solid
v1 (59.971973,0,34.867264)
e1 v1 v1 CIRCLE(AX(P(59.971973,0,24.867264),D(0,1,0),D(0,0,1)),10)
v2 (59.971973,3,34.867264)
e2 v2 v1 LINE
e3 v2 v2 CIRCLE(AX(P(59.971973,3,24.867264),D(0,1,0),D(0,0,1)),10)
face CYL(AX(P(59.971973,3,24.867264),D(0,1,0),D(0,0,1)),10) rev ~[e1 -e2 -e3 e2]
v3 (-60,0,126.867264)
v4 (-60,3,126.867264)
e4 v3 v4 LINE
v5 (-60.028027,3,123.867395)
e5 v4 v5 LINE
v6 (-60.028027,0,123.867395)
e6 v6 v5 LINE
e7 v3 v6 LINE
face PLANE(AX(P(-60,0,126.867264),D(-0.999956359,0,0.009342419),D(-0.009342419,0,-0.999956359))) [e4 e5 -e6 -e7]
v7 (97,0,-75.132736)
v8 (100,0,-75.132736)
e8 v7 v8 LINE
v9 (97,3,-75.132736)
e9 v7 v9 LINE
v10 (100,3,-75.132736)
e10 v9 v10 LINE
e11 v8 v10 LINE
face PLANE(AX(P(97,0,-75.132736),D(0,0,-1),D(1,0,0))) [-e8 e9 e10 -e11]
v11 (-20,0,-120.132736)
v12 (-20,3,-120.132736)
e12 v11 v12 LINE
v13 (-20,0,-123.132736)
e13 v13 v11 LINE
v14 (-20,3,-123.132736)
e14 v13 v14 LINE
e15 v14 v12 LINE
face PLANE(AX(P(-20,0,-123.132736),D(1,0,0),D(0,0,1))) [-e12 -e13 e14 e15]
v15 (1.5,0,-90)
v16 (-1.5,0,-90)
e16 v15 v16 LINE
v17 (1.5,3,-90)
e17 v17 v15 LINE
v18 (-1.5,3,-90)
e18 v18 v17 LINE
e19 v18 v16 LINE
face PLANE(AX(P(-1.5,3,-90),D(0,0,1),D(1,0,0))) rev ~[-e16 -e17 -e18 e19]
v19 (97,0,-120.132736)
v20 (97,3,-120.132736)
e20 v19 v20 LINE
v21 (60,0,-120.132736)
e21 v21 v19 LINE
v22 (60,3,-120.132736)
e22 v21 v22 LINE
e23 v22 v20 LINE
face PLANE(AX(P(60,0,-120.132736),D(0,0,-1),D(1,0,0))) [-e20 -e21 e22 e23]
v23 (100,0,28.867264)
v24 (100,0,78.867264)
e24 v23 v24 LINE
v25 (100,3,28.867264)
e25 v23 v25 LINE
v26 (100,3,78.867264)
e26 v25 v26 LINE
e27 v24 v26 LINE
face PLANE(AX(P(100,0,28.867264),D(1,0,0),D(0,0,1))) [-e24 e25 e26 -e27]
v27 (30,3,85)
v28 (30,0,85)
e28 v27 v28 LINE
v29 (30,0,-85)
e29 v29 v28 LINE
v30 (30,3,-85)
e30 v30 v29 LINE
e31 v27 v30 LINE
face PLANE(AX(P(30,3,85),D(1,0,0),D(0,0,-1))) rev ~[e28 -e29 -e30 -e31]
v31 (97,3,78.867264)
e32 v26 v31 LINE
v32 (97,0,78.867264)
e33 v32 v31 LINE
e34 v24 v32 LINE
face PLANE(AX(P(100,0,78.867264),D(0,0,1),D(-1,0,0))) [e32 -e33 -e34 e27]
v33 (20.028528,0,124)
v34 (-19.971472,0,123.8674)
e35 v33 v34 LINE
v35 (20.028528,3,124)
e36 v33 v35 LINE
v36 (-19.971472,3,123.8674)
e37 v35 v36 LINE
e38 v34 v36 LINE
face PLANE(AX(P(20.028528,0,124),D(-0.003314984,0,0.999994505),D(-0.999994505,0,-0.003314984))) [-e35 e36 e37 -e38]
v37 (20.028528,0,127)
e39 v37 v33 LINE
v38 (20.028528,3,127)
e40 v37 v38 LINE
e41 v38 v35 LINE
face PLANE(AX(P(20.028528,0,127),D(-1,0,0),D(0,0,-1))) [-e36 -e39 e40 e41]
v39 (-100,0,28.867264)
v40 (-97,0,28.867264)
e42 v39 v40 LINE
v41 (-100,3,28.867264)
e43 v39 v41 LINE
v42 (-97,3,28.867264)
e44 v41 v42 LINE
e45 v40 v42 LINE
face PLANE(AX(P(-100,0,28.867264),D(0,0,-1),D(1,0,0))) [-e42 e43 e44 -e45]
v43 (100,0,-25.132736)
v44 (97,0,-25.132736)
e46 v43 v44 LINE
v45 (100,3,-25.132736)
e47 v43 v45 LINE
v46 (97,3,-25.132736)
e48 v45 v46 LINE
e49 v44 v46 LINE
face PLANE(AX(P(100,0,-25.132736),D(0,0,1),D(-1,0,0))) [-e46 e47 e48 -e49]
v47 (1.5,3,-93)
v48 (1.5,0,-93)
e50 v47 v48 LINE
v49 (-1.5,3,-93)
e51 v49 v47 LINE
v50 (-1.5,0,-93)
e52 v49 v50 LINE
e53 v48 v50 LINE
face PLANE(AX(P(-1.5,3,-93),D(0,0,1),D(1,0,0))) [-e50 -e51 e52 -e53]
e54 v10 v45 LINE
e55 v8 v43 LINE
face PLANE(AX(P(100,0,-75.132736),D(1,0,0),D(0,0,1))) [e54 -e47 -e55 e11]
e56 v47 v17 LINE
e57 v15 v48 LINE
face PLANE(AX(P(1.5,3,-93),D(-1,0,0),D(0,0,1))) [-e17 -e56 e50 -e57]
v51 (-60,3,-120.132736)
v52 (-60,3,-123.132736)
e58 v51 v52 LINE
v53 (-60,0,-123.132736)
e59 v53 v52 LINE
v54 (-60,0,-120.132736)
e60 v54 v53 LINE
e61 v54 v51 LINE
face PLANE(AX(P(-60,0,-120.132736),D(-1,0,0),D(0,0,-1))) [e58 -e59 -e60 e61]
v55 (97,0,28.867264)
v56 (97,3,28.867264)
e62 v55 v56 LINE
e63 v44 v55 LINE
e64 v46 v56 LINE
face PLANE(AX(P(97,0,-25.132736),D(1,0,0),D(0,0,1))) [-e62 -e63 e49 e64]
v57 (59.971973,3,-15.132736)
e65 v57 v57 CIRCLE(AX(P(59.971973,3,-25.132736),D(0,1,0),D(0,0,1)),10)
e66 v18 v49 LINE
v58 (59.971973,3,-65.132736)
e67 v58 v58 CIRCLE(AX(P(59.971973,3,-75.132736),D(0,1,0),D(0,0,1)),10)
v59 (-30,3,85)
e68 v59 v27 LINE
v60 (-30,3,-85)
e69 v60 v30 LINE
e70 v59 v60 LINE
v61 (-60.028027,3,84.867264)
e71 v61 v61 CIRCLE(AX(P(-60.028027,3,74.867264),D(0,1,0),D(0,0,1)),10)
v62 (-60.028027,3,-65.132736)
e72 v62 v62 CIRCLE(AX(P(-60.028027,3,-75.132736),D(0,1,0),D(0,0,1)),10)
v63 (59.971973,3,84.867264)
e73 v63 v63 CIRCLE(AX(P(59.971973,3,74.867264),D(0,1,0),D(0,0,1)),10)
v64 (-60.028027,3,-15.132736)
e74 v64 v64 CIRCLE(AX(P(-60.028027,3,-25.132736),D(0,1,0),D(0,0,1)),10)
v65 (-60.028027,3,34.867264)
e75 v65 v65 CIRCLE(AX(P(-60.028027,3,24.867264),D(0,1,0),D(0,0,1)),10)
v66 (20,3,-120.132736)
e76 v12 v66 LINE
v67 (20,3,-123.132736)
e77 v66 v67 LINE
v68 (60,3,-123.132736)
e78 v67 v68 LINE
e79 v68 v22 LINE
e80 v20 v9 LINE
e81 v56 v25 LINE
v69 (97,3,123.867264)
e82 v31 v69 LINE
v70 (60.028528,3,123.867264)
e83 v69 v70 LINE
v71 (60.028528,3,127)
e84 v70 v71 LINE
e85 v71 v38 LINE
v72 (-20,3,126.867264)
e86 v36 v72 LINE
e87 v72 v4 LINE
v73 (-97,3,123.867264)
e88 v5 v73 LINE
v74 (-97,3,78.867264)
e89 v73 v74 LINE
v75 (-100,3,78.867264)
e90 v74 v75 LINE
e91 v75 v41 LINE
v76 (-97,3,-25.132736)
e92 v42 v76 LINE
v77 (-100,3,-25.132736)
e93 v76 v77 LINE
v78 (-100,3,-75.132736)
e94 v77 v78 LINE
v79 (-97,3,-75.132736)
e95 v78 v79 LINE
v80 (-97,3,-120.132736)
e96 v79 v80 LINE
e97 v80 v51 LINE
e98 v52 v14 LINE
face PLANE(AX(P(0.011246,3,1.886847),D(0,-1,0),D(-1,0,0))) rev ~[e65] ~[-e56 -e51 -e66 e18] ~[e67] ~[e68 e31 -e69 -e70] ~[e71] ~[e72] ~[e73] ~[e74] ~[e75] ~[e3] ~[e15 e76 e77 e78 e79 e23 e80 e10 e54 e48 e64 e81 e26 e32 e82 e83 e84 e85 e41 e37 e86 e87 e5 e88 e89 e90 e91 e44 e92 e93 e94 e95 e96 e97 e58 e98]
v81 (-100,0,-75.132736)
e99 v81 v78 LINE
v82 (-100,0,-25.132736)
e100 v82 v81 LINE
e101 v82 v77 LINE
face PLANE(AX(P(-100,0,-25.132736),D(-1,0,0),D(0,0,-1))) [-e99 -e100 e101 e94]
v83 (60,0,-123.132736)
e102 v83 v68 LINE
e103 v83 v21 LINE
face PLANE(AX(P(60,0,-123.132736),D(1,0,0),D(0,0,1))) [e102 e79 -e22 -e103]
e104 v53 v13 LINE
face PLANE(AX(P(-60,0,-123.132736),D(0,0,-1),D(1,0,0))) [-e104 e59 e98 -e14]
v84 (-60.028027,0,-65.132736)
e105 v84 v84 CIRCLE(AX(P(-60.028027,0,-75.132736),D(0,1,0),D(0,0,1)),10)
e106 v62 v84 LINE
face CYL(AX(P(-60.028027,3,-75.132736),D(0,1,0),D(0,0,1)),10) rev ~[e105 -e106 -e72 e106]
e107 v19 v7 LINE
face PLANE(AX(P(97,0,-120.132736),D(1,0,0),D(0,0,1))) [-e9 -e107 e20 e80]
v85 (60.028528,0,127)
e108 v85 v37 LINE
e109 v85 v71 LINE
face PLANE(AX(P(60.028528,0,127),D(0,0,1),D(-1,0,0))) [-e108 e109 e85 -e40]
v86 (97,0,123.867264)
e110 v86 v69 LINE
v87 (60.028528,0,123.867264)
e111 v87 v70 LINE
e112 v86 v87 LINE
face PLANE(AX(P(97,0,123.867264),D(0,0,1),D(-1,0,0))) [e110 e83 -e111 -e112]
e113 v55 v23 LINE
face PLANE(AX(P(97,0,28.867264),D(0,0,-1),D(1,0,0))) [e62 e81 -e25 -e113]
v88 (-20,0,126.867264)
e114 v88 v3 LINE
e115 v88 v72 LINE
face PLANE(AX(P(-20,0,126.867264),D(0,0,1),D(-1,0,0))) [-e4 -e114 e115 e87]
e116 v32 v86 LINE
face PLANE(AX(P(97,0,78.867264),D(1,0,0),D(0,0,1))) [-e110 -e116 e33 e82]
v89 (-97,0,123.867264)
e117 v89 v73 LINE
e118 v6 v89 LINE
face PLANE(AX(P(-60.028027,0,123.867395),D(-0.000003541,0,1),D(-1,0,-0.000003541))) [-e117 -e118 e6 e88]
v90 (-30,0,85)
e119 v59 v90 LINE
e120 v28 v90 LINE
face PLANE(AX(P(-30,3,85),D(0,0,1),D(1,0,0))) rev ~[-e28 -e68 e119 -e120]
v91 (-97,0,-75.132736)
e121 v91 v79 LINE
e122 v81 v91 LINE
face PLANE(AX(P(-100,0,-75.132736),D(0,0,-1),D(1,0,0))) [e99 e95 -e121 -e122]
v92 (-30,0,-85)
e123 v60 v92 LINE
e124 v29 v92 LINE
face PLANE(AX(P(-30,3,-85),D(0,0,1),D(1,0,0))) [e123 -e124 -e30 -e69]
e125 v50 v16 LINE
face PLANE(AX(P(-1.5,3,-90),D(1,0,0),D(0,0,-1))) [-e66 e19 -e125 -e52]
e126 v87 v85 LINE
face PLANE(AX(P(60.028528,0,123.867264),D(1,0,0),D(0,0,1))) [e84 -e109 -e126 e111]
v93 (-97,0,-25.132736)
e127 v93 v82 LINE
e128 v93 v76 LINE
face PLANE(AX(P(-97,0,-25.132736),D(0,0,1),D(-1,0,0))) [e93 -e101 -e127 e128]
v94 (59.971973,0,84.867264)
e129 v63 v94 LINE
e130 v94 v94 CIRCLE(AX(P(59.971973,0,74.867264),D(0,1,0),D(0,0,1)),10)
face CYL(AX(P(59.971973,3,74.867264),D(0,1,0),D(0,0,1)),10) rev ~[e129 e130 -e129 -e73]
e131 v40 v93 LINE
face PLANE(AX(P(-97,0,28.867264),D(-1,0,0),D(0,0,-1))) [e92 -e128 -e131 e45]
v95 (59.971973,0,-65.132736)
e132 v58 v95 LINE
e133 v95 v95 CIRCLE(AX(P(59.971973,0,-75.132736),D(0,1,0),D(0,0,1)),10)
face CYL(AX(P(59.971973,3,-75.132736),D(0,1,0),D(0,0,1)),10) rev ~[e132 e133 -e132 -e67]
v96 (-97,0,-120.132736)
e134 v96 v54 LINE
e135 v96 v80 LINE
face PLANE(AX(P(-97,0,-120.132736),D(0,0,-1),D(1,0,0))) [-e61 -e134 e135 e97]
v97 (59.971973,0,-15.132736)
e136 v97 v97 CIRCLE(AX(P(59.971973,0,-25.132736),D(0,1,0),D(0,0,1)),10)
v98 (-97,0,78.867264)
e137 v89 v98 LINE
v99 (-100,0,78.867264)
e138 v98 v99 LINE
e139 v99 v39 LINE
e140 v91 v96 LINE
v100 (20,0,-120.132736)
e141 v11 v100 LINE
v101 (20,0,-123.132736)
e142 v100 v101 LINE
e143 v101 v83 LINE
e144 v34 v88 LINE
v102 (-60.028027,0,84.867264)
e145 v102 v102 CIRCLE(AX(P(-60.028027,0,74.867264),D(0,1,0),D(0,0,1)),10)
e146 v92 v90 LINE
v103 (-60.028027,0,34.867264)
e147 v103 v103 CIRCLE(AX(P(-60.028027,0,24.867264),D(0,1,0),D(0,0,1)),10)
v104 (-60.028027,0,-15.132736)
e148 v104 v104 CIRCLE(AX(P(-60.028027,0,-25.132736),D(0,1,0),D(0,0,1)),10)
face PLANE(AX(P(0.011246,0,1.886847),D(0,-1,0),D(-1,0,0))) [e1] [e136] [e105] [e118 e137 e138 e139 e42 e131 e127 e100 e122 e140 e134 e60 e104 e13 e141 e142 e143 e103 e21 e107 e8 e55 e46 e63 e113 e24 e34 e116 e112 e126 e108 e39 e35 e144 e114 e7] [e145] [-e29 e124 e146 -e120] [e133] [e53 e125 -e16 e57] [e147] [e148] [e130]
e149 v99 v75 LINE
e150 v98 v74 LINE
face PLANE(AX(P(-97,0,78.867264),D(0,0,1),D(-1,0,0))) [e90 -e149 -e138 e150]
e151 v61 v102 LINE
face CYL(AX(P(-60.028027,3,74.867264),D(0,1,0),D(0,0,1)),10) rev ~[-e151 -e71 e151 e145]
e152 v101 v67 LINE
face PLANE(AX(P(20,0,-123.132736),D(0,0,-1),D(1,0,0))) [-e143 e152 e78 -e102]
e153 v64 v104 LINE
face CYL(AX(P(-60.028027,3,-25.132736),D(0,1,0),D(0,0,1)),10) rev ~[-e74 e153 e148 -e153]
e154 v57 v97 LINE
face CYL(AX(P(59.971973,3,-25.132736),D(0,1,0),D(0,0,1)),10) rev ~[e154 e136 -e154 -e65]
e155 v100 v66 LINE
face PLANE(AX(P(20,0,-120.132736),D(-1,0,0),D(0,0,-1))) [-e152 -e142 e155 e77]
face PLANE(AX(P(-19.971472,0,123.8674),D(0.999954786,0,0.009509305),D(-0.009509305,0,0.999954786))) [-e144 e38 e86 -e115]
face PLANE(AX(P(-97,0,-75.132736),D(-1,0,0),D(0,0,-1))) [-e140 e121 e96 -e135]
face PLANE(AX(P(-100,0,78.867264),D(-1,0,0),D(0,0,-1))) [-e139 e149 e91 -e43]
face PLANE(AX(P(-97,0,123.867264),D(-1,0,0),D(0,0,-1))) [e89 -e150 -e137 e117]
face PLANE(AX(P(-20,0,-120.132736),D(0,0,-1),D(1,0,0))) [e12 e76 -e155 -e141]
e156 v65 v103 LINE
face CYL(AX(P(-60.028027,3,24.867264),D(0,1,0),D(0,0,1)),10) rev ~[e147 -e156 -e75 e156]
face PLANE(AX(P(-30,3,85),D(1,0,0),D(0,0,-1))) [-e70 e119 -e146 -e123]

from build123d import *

# Parameters (mm, degrees)
BOSS_EXTRUDE1_DEPTH = 3
SKETCH2_R           = 10
SKETCH2_W           = 60
SKETCH2_H           = 170
CUT_EXTRUDE1_DEPTH  = 162.672508486


with BuildPart() as part:
    # Sketch1 → Boss-Extrude1 (new body)
    with BuildSketch(Plane(origin=(0, 0, 0), x_dir=(1, 0, 0), z_dir=(0, 1, 0))):
        Polygon((20, 123.132735738), (60, 123.132735738), (60, 120.132735738), (97, 120.132735738), (97, 75.132735738), (100, 75.132735738), (100, 25.132735738), (97, 25.132735738), (97, -28.867264262), (100, -28.867264262), (100, -78.867264262), (97, -78.867264262), (97, -123.867264262), (60.028527915, -123.867264262), (60.028527915, -127), (20.028527915, -127), (20.028527915, -124), (-19.971472085, -123.867399906), (-20, -126.867264262), (-60, -126.867264262), (-60.028027258, -123.867395186), (-97, -123.867264262), (-97, -78.867264262), (-100, -78.867264262), (-100, -28.867264262), (-97, -28.867264262), (-97, 25.132735738), (-100, 25.132735738), (-100, 75.132735738), (-97, 75.132735738), (-97, 120.132735738), (-60, 120.132735738), (-60, 123.132735738), (-20, 123.132735738), (-20, 120.132735738), (20, 120.132735738), align=None)
    extrude(amount=BOSS_EXTRUDE1_DEPTH)

    # Sketch2 → Cut-Extrude1 (cut, through all)
    with BuildSketch(Plane(origin=(0, 3, 0), x_dir=(1, 0, 0), z_dir=(0, 1, 0))):
        with Locations(Location((-60.028027258, 75.132735738, 0), (0, 0, 270))):
            Circle(SKETCH2_R)
        with Locations(Location((59.971972742, 75.132735738, 0), (0, 0, 270))):
            Circle(SKETCH2_R)
        with Locations(Location((-60.028027258, 25.132735738, 0), (0, 0, 270))):
            Circle(SKETCH2_R)
        with Locations(Location((59.971972742, 25.132735738, 0), (0, 0, 270))):
            Circle(SKETCH2_R)
        with Locations(Location((-60.028027258, -24.867264262, 0), (0, 0, 270))):
            Circle(SKETCH2_R)
        with Locations(Location((59.971972742, -24.867264262, 0), (0, 0, 270))):
            Circle(SKETCH2_R)
        with Locations(Location((-60.028027258, -74.867264262, 0), (0, 0, 270))):
            Circle(SKETCH2_R)
        with Locations(Location((59.971972742, -74.867264262, 0), (0, 0, 270))):
            Circle(SKETCH2_R)
        Rectangle(SKETCH2_W, SKETCH2_H)
        Polygon((0, 90), (-1.5, 90), (-1.5, 93), (1.5, 93), (1.5, 90), align=None)
    extrude(amount=-CUT_EXTRUDE1_DEPTH, mode=Mode.SUBTRACT)


solid = part.part
